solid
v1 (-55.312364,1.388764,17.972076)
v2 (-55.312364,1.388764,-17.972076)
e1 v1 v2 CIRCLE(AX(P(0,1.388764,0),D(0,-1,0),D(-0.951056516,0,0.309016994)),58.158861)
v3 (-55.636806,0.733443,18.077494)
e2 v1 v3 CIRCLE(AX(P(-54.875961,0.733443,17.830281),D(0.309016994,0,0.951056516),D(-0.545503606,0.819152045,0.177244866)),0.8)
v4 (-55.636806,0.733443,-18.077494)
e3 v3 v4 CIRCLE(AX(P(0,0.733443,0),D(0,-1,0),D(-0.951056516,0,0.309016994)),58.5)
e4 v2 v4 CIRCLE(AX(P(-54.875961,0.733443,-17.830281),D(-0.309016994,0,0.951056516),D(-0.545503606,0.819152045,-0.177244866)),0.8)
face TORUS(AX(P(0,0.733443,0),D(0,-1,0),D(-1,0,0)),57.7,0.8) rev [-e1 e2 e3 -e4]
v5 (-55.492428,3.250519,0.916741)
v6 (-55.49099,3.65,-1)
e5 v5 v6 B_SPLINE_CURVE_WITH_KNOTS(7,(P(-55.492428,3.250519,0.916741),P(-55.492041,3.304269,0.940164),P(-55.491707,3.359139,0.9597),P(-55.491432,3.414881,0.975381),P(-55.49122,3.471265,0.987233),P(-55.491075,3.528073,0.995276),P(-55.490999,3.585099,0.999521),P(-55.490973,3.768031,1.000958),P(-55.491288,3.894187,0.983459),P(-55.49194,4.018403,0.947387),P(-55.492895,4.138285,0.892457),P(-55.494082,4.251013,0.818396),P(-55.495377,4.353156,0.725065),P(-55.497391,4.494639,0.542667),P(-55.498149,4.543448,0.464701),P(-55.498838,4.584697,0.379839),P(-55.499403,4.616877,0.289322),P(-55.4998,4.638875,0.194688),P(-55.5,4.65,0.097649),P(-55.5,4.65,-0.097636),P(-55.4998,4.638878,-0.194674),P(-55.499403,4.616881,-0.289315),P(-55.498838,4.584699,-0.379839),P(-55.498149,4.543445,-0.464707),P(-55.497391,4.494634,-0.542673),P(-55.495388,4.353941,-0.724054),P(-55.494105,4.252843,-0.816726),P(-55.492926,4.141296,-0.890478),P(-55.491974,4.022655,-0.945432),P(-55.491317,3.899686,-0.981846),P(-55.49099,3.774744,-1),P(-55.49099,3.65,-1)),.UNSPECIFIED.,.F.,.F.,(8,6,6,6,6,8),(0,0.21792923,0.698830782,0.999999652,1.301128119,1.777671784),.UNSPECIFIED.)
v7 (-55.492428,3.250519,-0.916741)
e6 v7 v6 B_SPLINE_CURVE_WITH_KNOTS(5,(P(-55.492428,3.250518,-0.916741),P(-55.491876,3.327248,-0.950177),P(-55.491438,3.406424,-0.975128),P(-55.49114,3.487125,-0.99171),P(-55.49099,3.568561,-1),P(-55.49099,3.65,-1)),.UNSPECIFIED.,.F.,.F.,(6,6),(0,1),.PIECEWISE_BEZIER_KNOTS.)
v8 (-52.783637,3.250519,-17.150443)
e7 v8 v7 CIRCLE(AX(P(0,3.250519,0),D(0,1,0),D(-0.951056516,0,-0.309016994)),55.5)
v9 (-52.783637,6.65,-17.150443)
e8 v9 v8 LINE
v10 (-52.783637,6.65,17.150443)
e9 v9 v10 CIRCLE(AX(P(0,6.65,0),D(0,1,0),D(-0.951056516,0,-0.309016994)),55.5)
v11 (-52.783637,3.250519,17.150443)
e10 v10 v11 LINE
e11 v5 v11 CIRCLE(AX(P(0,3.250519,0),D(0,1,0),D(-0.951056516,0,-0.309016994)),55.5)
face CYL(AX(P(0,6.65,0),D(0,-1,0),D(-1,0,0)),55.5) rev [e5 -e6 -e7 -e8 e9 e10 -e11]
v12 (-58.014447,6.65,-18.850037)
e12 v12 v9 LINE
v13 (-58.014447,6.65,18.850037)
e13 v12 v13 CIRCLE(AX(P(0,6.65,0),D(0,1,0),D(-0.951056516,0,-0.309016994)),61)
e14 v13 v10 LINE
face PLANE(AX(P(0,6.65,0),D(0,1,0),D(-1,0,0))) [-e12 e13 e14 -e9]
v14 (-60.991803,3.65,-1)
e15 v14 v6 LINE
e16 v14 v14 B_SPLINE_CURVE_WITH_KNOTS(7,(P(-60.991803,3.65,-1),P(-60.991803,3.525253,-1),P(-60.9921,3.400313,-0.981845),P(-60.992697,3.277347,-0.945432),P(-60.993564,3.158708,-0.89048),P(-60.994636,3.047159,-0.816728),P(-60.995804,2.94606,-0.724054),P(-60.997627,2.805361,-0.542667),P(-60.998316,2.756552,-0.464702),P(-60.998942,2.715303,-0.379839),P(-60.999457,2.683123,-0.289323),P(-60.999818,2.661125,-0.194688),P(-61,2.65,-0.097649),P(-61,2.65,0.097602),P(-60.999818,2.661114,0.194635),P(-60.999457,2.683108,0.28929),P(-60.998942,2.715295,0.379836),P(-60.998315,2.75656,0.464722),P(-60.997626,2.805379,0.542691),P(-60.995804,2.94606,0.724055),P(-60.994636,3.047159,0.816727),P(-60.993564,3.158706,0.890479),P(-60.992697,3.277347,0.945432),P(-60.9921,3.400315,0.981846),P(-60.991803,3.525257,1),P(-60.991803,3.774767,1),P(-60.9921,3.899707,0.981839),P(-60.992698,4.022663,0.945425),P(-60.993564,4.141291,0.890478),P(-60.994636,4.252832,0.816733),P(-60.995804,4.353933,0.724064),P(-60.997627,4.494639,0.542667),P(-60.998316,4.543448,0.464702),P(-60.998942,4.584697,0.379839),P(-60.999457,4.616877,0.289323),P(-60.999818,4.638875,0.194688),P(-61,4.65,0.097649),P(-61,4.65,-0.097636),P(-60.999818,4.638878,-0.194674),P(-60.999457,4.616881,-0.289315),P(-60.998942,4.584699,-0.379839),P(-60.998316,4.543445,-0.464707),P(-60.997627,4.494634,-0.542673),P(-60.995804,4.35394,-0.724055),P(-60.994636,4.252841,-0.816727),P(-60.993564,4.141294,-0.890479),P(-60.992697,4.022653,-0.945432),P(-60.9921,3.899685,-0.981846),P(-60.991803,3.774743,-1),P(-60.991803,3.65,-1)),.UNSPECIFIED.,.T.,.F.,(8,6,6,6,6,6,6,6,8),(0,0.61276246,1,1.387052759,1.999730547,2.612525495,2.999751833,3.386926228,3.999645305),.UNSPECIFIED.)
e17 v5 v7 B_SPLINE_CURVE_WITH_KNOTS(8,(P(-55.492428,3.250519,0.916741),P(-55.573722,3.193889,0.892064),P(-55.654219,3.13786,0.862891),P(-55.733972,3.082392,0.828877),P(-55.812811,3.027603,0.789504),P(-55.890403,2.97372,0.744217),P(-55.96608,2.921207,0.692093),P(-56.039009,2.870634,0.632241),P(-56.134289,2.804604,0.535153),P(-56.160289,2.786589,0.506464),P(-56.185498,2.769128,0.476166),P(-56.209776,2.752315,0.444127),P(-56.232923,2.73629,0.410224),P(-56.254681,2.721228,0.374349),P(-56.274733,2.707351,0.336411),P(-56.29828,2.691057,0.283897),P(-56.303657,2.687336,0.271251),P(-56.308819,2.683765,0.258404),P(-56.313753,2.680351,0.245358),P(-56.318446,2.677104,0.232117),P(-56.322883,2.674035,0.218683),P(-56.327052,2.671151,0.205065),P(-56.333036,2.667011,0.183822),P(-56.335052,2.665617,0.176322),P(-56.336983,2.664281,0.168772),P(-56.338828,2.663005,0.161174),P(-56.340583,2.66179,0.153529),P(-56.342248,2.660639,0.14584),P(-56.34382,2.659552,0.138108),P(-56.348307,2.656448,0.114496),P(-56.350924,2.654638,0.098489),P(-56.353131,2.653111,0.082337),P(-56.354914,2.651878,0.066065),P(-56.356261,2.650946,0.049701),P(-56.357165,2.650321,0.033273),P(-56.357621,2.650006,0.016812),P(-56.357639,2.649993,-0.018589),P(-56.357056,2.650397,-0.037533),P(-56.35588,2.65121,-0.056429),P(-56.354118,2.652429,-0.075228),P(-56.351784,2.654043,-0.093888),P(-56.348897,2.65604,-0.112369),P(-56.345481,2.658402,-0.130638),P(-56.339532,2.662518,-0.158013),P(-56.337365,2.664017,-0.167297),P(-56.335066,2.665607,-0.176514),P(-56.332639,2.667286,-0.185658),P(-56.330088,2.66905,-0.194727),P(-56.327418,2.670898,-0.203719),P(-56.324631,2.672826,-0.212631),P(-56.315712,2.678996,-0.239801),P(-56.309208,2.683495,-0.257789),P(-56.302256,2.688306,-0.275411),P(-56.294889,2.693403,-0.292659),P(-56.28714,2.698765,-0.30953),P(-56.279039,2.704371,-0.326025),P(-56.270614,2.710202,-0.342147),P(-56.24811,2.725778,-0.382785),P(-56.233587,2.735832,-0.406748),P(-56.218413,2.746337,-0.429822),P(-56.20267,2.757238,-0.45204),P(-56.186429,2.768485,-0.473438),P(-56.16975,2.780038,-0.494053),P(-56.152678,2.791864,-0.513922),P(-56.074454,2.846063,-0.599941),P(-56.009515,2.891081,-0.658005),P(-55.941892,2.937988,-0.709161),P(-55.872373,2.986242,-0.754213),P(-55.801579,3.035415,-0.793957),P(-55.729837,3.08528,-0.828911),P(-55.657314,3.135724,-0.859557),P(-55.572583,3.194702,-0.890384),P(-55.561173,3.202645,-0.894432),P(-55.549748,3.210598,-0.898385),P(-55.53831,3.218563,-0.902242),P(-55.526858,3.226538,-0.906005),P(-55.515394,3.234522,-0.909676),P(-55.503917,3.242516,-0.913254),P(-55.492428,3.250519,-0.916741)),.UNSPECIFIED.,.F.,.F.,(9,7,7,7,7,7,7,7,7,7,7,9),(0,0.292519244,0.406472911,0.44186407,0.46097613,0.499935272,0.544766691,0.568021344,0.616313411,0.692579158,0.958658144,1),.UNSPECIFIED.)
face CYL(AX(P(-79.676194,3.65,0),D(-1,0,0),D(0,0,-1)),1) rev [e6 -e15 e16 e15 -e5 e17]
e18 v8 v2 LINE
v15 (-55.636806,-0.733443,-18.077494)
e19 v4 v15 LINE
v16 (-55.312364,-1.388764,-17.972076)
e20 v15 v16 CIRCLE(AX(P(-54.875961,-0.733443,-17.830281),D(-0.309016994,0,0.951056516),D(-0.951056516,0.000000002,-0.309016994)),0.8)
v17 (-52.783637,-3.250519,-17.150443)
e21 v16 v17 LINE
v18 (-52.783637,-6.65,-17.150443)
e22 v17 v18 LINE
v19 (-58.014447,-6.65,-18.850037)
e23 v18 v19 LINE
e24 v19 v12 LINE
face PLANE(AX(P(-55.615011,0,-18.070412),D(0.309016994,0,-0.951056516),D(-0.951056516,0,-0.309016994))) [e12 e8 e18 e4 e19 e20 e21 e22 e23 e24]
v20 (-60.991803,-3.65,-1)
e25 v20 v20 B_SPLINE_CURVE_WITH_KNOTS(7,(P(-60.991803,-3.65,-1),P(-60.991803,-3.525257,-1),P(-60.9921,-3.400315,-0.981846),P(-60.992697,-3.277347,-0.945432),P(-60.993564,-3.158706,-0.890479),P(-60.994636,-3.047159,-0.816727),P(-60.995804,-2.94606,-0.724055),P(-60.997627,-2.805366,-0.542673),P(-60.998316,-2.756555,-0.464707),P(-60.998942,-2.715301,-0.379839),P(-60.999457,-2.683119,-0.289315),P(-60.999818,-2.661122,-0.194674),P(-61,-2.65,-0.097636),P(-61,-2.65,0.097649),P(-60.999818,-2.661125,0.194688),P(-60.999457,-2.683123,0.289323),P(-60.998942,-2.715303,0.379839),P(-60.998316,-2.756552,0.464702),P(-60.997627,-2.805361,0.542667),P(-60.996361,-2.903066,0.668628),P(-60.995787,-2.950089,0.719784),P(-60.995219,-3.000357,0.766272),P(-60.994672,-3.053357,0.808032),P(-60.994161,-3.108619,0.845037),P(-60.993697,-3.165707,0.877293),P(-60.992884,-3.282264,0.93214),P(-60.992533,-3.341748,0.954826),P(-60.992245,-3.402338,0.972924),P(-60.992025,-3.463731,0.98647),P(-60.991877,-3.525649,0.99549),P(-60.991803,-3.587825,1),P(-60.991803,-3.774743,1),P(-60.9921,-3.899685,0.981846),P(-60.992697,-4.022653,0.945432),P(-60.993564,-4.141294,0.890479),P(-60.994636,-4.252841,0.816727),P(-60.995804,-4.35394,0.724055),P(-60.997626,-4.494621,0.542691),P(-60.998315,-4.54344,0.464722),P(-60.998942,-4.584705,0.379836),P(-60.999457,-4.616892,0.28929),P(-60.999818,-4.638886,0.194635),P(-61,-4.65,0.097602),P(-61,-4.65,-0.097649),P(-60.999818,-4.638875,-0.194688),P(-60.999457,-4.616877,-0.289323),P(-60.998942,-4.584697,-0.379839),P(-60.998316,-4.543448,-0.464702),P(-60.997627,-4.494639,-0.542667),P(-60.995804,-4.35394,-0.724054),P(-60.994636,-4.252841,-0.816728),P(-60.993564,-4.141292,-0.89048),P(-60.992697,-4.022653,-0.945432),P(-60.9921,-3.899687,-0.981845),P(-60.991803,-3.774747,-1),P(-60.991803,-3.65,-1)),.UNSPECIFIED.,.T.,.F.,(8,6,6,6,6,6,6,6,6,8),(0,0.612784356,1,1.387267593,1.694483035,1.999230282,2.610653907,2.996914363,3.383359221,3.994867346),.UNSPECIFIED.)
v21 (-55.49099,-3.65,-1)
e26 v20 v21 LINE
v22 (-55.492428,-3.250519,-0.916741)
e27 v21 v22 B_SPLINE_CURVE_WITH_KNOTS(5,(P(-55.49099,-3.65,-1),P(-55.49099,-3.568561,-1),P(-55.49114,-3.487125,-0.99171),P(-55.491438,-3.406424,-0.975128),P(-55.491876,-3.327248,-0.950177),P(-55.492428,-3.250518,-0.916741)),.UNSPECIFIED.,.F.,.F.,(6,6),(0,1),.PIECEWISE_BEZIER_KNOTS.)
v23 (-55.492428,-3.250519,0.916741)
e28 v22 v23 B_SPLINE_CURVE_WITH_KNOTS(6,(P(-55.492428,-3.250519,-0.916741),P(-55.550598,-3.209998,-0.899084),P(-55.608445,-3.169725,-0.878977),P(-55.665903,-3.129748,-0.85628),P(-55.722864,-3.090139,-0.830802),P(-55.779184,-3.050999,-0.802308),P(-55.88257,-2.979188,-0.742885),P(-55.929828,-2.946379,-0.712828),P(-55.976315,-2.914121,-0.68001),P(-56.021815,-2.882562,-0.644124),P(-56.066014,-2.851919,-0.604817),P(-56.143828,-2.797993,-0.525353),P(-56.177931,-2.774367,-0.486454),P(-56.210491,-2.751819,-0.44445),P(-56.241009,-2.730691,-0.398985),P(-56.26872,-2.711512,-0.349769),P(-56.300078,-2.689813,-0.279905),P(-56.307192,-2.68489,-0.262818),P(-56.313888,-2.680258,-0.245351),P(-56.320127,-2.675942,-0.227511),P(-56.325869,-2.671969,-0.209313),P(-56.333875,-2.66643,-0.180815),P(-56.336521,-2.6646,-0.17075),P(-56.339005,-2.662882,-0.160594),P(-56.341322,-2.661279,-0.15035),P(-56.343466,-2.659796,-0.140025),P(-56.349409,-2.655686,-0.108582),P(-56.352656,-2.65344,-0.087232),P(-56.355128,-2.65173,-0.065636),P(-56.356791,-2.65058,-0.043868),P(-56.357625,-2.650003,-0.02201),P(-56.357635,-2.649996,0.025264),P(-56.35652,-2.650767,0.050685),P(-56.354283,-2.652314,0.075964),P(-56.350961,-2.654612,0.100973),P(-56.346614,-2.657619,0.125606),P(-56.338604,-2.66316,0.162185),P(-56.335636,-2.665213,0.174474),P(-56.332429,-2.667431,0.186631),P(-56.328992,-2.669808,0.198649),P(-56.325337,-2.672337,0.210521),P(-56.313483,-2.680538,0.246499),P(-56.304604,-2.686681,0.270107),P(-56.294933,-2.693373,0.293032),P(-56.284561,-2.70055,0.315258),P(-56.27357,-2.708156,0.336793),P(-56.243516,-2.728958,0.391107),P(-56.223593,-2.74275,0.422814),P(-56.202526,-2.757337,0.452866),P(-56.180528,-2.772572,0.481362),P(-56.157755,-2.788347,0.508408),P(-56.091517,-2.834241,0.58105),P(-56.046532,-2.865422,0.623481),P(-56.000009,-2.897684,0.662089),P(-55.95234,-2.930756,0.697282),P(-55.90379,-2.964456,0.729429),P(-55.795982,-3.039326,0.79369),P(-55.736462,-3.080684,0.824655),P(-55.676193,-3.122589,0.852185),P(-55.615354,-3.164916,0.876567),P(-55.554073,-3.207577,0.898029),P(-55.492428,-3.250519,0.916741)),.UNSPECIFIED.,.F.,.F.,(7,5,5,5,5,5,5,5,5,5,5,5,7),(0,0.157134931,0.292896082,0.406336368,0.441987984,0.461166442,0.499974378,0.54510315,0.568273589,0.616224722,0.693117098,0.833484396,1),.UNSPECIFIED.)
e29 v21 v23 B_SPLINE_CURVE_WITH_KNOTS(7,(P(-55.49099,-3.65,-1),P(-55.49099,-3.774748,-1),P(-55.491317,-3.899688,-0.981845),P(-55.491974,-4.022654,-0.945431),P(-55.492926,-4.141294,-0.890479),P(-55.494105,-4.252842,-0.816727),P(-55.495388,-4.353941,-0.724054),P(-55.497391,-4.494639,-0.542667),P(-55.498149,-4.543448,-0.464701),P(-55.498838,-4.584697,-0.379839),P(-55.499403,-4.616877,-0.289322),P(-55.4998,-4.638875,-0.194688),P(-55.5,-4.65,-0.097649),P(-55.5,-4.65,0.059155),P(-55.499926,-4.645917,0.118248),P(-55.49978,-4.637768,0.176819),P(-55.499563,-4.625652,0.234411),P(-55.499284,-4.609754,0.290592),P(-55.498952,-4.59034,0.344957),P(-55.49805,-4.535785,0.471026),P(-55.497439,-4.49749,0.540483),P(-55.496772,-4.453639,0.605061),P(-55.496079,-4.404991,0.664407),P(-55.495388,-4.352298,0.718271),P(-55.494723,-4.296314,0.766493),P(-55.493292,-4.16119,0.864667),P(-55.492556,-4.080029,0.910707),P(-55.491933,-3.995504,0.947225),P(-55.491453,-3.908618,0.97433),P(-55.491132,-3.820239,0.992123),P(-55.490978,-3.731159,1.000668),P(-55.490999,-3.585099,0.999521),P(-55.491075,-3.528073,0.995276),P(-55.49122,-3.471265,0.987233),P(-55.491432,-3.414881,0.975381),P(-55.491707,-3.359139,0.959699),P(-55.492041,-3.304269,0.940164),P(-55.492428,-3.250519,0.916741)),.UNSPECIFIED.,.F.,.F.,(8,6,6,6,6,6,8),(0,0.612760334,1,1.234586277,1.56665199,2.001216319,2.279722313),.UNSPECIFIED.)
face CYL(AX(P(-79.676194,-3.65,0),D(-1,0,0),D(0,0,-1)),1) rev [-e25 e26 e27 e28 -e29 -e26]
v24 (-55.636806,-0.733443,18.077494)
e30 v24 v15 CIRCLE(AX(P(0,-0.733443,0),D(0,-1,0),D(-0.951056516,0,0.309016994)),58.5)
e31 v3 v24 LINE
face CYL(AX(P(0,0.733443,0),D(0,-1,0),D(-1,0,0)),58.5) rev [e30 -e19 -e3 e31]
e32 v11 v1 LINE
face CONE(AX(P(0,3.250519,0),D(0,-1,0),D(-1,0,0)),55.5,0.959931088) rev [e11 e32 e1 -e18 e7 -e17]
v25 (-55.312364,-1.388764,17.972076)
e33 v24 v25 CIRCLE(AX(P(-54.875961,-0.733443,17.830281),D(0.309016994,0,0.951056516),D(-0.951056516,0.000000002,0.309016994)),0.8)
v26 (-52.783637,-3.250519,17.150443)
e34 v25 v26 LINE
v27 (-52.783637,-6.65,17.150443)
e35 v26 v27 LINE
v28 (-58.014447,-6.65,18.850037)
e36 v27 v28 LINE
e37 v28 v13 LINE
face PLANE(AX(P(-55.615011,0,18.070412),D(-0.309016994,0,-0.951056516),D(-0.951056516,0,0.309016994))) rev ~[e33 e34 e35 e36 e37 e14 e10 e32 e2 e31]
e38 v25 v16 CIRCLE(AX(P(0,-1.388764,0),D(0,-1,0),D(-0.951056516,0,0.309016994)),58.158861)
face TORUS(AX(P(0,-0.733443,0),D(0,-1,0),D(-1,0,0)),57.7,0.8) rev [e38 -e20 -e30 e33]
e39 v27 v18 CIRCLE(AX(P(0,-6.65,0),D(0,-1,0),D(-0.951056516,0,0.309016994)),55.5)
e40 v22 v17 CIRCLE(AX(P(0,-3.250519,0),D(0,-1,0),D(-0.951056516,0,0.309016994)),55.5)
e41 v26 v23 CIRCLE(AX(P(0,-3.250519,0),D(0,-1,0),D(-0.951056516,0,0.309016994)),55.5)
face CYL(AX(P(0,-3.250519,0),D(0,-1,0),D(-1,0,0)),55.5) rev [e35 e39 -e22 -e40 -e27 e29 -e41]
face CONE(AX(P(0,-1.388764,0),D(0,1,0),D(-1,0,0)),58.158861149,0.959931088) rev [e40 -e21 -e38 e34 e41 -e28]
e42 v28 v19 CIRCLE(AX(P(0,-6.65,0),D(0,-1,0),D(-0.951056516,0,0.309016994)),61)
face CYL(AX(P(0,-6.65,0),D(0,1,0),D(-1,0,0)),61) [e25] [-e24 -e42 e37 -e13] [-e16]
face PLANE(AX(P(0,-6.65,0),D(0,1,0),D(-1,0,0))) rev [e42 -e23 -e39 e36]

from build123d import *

# Parameters (mm, degrees)
ROTATION2_ANGLE                      = 36
SCHNITT_LINEAR_AUSTRAGEN2_DEPTH      = 3.4
SCHNITT_LINEAR_AUSTRAGEN2_DEPTH_BACK = 21.661746393
SKIZZE3_R                            = 1


with BuildPart() as part:
    # Skizze2 → Rotation2 (revolve, symmetric)
    with BuildSketch(Plane.XY) as rotation2_sk:
        with BuildLine():
            Line((-55.5, 3.250518846), (-58.158861149, 1.388764226))
            ThreePointArc((-58.158861149, 1.388764226), (-58.409608667, 1.102841481), (-58.5, 0.73344259))
            Line((-58.5, 0.73344259), (-58.5, -0.73344259))
            ThreePointArc((-58.5, -0.73344259), (-58.409608667, -1.102841481), (-58.158861149, -1.388764226))
            Line((-58.158861149, -1.388764226), (-55.5, -3.250518846))
            Line((-55.5, -3.250518846), (-55.5, -6.65))
            Line((-55.5, -6.65), (-61, -6.65))
            Line((-61, -6.65), (-61, 6.65))
            Line((-61, 6.65), (-55.5, 6.65))
            Line((-55.5, 6.65), (-55.5, 3.250518846))
        make_face()
    revolve(axis=Axis((0, 6.707883832, 0), (0, -1, 0)), revolution_arc=ROTATION2_ANGLE / 2)
    revolve(rotation2_sk.sketch, axis=Axis((0, 6.707883832, 0), (0, 1, 0)), revolution_arc=ROTATION2_ANGLE / 2)

    # Skizze3 → Schnitt-Linear austragen2 (cut, two sides: drawn at the far end of the back side and taken through both)
    with BuildSketch(Plane(origin=(-58.014447494, 0, 0), x_dir=(0, 0, -1), z_dir=(1, 0, 0)).offset(-SCHNITT_LINEAR_AUSTRAGEN2_DEPTH_BACK)):
        with Locations((0, 3.65)):
            Circle(SKIZZE3_R)
        with Locations((0, -3.65)):
            Circle(SKIZZE3_R)
    extrude(amount=SCHNITT_LINEAR_AUSTRAGEN2_DEPTH + SCHNITT_LINEAR_AUSTRAGEN2_DEPTH_BACK, mode=Mode.SUBTRACT)


solid = part.part
